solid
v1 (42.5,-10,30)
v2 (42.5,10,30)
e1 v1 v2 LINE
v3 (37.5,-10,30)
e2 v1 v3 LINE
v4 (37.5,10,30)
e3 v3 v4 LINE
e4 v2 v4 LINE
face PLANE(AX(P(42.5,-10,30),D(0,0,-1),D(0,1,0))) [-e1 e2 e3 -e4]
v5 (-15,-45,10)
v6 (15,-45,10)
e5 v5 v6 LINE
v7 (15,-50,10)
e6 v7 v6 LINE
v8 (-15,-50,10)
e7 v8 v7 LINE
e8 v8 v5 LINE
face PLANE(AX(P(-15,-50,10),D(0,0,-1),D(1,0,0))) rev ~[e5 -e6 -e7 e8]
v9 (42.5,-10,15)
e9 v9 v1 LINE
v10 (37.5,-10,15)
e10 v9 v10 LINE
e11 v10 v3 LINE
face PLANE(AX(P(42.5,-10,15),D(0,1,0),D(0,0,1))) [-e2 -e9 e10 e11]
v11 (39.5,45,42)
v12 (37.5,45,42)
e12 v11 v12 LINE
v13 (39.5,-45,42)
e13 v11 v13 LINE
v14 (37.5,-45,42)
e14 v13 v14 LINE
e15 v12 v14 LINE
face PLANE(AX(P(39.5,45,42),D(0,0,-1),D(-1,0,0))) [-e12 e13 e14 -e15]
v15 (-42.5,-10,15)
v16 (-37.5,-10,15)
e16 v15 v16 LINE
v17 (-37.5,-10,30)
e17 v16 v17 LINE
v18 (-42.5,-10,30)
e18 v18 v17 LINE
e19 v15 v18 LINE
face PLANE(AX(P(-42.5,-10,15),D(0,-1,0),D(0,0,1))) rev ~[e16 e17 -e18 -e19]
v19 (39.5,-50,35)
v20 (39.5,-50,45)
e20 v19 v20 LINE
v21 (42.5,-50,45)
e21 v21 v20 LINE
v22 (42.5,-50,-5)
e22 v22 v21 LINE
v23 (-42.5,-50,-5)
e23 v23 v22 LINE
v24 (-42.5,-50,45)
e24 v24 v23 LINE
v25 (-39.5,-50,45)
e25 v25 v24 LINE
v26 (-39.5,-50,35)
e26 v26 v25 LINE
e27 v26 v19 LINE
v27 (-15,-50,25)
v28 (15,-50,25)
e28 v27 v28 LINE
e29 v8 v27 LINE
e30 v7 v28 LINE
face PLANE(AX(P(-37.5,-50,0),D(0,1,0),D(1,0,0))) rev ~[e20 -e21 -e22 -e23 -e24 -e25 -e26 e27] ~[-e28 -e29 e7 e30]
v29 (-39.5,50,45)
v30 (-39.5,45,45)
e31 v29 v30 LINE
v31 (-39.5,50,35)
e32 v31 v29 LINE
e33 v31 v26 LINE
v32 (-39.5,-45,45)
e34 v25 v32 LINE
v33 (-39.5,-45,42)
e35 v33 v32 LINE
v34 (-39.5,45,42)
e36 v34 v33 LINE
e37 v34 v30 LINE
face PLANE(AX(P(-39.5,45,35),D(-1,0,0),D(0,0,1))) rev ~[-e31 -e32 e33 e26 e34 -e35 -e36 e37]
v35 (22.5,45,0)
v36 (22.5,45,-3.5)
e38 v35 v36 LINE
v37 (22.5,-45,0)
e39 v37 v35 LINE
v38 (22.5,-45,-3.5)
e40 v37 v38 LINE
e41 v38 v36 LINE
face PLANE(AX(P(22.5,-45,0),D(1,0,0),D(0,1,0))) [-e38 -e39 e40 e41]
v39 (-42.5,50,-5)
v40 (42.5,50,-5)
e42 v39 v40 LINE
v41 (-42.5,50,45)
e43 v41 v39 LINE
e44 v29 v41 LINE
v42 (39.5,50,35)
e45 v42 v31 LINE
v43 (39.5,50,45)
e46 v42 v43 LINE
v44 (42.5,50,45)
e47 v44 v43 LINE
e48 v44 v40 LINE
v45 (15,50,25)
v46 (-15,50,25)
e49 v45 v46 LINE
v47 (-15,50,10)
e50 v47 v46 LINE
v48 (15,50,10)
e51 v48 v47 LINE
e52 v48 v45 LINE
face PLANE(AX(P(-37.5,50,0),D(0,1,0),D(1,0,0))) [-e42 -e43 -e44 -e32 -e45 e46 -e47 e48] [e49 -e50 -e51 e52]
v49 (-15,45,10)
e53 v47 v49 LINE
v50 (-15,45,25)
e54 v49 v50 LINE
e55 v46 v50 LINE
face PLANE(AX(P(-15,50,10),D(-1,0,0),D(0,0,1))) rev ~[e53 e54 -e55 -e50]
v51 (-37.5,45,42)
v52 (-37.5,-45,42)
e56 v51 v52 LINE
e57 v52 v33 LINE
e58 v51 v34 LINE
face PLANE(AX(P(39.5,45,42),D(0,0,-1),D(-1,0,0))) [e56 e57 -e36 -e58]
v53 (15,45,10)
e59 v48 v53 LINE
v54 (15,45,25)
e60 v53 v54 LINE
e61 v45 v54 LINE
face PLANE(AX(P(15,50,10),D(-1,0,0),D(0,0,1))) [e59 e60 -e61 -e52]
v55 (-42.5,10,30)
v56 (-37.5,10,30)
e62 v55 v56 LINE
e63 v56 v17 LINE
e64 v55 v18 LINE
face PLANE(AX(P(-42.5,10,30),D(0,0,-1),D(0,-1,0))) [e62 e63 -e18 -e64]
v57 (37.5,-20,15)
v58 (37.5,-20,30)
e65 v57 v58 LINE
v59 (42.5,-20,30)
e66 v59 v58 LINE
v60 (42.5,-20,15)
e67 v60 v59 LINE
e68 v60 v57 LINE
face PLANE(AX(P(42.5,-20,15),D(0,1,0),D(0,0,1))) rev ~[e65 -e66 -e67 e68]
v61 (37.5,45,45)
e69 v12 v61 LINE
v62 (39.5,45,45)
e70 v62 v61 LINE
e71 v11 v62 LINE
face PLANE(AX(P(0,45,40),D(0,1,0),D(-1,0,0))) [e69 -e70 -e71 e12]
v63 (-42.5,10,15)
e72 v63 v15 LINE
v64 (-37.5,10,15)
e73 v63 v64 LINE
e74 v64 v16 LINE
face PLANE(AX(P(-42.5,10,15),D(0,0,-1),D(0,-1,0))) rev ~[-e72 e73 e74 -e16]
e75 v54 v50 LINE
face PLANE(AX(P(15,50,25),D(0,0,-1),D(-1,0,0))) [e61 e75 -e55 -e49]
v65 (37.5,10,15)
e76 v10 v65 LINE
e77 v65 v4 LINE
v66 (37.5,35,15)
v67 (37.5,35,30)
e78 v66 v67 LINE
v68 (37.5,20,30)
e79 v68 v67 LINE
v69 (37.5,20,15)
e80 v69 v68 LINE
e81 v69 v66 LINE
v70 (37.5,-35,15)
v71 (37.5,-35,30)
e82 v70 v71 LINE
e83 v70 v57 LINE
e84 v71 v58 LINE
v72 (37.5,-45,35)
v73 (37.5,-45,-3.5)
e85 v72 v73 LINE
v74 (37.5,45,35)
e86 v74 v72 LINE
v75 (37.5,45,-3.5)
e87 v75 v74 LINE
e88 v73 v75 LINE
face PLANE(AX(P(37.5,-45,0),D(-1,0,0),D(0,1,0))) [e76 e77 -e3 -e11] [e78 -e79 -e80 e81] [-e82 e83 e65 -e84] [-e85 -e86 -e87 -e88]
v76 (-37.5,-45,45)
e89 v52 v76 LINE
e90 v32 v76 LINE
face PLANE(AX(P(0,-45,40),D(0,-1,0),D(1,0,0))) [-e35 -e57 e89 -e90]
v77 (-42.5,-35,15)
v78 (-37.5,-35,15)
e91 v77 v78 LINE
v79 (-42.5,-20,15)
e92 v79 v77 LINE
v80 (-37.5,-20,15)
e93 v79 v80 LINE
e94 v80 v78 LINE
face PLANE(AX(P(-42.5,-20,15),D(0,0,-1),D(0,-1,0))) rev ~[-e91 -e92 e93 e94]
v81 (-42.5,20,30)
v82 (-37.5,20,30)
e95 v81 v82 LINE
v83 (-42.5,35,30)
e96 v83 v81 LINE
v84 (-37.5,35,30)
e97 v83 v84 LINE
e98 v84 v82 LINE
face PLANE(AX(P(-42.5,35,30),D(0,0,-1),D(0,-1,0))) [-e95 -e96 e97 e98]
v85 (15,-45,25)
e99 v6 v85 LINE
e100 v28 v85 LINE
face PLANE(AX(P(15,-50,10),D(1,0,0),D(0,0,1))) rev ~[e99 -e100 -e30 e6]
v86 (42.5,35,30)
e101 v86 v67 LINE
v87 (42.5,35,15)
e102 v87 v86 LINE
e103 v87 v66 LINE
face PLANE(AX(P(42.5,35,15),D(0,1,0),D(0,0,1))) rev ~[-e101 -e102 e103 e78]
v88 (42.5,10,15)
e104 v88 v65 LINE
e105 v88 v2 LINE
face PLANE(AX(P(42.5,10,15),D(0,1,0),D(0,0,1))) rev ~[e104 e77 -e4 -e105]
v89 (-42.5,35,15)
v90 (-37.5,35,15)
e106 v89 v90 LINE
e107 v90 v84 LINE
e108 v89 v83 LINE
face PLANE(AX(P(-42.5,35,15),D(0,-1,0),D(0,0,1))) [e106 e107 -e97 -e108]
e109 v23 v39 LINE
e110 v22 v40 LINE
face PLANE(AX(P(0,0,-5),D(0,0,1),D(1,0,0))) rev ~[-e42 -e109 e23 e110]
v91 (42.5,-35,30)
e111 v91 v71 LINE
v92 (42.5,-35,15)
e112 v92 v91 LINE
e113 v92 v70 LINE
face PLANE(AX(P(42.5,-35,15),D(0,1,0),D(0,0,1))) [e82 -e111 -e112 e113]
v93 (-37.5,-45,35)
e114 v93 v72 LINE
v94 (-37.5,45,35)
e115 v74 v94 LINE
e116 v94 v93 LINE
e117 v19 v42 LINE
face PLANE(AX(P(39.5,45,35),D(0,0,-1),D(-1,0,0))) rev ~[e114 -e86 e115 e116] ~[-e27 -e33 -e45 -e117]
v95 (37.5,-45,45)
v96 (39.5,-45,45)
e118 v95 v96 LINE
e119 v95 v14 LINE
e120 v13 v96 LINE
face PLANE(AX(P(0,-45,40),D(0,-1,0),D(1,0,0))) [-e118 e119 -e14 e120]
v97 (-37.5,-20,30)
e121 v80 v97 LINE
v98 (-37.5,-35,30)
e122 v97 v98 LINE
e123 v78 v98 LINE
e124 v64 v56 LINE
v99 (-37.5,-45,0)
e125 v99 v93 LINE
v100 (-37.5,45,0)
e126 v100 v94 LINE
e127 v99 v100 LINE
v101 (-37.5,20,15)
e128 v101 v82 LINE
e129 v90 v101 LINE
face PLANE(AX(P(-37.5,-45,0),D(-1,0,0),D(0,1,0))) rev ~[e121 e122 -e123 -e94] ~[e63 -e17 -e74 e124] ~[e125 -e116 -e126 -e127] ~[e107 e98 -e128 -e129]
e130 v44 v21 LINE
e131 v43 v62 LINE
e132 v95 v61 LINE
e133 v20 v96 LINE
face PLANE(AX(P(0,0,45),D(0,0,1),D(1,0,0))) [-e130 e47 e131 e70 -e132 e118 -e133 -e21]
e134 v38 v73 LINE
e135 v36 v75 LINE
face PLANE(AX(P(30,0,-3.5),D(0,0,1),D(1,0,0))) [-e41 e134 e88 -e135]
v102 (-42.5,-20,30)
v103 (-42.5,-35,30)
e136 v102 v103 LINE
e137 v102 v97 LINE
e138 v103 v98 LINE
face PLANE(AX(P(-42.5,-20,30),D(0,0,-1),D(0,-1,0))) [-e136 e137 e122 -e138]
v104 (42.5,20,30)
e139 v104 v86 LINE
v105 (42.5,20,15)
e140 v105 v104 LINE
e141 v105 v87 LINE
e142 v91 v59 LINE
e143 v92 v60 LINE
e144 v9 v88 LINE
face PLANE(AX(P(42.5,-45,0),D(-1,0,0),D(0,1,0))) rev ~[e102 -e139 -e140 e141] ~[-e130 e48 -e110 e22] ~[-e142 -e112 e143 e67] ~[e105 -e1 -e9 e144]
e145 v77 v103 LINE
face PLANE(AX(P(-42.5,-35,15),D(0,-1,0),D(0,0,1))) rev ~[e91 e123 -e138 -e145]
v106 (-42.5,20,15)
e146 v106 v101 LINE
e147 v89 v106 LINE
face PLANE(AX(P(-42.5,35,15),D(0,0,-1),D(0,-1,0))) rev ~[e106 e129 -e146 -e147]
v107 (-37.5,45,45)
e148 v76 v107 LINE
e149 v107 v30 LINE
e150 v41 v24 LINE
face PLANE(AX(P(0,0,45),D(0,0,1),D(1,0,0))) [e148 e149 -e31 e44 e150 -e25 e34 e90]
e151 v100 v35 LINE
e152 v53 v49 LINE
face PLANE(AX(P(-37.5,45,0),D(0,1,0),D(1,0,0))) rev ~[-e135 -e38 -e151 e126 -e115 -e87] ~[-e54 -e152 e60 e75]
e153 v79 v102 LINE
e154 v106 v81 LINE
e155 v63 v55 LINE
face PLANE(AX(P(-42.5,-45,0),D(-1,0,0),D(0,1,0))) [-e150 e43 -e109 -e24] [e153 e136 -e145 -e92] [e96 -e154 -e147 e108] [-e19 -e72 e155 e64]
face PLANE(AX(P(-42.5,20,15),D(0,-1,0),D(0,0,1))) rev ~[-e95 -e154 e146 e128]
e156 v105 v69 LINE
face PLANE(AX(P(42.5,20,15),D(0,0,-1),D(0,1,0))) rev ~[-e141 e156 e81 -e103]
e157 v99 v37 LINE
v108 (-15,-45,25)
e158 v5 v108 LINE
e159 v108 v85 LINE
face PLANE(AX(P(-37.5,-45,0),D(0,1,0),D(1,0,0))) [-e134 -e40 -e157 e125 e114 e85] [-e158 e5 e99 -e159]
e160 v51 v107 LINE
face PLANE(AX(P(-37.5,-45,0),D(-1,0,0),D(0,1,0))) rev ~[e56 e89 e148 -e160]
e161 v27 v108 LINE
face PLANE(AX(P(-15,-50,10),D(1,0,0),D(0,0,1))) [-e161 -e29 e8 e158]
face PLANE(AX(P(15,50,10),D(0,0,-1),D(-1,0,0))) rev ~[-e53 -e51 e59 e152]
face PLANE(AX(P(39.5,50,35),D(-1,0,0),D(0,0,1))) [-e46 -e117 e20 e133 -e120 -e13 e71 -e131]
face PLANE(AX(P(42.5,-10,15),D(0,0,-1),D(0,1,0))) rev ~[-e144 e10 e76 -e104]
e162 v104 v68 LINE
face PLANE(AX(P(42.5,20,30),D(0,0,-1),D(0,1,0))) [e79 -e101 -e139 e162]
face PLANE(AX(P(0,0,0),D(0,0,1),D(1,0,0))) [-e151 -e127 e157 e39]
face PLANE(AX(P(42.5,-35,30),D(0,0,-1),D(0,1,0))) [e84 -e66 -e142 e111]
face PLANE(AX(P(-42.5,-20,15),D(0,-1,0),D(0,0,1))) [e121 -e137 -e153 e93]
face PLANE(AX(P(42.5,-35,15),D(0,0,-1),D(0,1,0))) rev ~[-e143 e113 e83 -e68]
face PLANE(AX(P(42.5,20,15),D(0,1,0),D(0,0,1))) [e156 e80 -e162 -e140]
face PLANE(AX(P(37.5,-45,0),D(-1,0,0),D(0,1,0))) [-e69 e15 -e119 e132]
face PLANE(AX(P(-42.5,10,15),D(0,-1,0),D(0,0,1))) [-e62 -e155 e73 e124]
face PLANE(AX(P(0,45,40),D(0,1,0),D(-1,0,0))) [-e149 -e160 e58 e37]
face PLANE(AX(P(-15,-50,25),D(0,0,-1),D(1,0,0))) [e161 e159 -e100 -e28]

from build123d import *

# Parameters (mm, degrees)
SKETCH_W        = 75
SKETCH_H        = 90
PAD_DEPTH       = 45
THICKNESS_T     = 5
SKETCH002_W     = 15
SKETCH002_H     = 90
POCKET_DEPTH    = 3.5
SKETCH003_W     = 79
SKETCH003_H     = 10
POCKET001_DEPTH = 5
SKETCH004_W     = 79
SKETCH004_H     = 10
POCKET002_DEPTH = 5
SKETCH005_W     = 79
SKETCH005_H     = 7
POCKET003_DEPTH = 90
SKETCH006_W     = 15
SKETCH006_H     = 15
SKETCH006_W_2   = 20
POCKET004_DEPTH = 5
SKETCH007_W     = 15
SKETCH007_H     = 15
SKETCH007_W_2   = 20
POCKET005_DEPTH = 5
SKETCH008_W     = 30
SKETCH008_H     = 15
POCKET006_DEPTH = 5
SKETCH009_W     = 30
SKETCH009_H     = 15
POCKET007_DEPTH = 5


with BuildPart() as part:
    # Sketch → Pad (new body)
    with BuildSketch(Plane.XY):
        Rectangle(SKETCH_W, SKETCH_H)
    extrude(amount=PAD_DEPTH)

    # Thickness
    thickness_openings = [part.faces().sort_by_distance(p)[0] for p in [
        (0, 0, 45),
    ]]
    offset(amount=THICKNESS_T, openings=thickness_openings, kind=Kind.INTERSECTION)

    # Sketch002 (on Face5 of Thickness) → Pocket (cut)
    with BuildSketch(Plane.XY):
        with Locations((30, 0)):
            Rectangle(SKETCH002_W, SKETCH002_H)
    extrude(amount=-POCKET_DEPTH, mode=Mode.SUBTRACT)

    # Sketch003 (on Face13 of Pocket) → Pocket001 (cut)
    with BuildSketch(Plane.XZ.offset(50)):
        with Locations((0, 40)):
            Rectangle(SKETCH003_W, SKETCH003_H)
    extrude(amount=-POCKET001_DEPTH, mode=Mode.SUBTRACT)

    # Sketch004 (on Face19 of Pocket001) → Pocket002 (cut)
    with BuildSketch(Plane(origin=(0, 50, 0), x_dir=(-1, 0, 0), z_dir=(0, 1, 0))):
        with Locations((0, 40)):
            Rectangle(SKETCH004_W, SKETCH004_H)
    extrude(amount=-POCKET002_DEPTH, mode=Mode.SUBTRACT)

    # Sketch005 (on Face12 of Pocket002) → Pocket003 (cut)
    with BuildSketch(Plane(origin=(0, 45, 0), x_dir=(-1, 0, 0), z_dir=(0, 1, 0))):
        with Locations((0, 38.5)):
            Rectangle(SKETCH005_W, SKETCH005_H)
    extrude(amount=-POCKET003_DEPTH, mode=Mode.SUBTRACT)

    # Sketch006 (on Face24 of Pocket003) → Pocket004 (cut)
    with BuildSketch(Plane(origin=(-42.5, 0, 0), x_dir=(0, -1, 0), z_dir=(-1, 0, 0))):
        with Locations((-27.5, 22.5)):
            Rectangle(SKETCH006_W, SKETCH006_H)
        with Locations((27.5, 22.5)):
            Rectangle(SKETCH006_W, SKETCH006_H)
        with Locations((0, 22.5)):
            Rectangle(SKETCH006_W_2, SKETCH006_H)
    extrude(amount=-POCKET004_DEPTH, mode=Mode.SUBTRACT)

    # Sketch007 (on Face38 of Pocket004) → Pocket005 (cut)
    with BuildSketch(Plane.YZ.offset(42.5)):
        with Locations((-27.5, 22.5)):
            Rectangle(SKETCH007_W, SKETCH007_H)
        with Locations((27.5, 22.5)):
            Rectangle(SKETCH007_W, SKETCH007_H)
        with Locations((0, 22.5)):
            Rectangle(SKETCH007_W_2, SKETCH007_H)
    extrude(amount=-POCKET005_DEPTH, mode=Mode.SUBTRACT)

    # Sketch008 (on Face26 of Pocket005) → Pocket006 (cut)
    with BuildSketch(Plane.XZ.offset(50)):
        with Locations((0, 17.5)):
            Rectangle(SKETCH008_W, SKETCH008_H)
    extrude(amount=-POCKET006_DEPTH, mode=Mode.SUBTRACT)

    # Sketch009 (on Face57 of Pocket006) → Pocket007 (cut)
    with BuildSketch(Plane(origin=(0, 50, 0), x_dir=(-1, 0, 0), z_dir=(0, 1, 0))):
        with Locations((0, 17.5)):
            Rectangle(SKETCH009_W, SKETCH009_H)
    extrude(amount=-POCKET007_DEPTH, mode=Mode.SUBTRACT)


solid = part.part
